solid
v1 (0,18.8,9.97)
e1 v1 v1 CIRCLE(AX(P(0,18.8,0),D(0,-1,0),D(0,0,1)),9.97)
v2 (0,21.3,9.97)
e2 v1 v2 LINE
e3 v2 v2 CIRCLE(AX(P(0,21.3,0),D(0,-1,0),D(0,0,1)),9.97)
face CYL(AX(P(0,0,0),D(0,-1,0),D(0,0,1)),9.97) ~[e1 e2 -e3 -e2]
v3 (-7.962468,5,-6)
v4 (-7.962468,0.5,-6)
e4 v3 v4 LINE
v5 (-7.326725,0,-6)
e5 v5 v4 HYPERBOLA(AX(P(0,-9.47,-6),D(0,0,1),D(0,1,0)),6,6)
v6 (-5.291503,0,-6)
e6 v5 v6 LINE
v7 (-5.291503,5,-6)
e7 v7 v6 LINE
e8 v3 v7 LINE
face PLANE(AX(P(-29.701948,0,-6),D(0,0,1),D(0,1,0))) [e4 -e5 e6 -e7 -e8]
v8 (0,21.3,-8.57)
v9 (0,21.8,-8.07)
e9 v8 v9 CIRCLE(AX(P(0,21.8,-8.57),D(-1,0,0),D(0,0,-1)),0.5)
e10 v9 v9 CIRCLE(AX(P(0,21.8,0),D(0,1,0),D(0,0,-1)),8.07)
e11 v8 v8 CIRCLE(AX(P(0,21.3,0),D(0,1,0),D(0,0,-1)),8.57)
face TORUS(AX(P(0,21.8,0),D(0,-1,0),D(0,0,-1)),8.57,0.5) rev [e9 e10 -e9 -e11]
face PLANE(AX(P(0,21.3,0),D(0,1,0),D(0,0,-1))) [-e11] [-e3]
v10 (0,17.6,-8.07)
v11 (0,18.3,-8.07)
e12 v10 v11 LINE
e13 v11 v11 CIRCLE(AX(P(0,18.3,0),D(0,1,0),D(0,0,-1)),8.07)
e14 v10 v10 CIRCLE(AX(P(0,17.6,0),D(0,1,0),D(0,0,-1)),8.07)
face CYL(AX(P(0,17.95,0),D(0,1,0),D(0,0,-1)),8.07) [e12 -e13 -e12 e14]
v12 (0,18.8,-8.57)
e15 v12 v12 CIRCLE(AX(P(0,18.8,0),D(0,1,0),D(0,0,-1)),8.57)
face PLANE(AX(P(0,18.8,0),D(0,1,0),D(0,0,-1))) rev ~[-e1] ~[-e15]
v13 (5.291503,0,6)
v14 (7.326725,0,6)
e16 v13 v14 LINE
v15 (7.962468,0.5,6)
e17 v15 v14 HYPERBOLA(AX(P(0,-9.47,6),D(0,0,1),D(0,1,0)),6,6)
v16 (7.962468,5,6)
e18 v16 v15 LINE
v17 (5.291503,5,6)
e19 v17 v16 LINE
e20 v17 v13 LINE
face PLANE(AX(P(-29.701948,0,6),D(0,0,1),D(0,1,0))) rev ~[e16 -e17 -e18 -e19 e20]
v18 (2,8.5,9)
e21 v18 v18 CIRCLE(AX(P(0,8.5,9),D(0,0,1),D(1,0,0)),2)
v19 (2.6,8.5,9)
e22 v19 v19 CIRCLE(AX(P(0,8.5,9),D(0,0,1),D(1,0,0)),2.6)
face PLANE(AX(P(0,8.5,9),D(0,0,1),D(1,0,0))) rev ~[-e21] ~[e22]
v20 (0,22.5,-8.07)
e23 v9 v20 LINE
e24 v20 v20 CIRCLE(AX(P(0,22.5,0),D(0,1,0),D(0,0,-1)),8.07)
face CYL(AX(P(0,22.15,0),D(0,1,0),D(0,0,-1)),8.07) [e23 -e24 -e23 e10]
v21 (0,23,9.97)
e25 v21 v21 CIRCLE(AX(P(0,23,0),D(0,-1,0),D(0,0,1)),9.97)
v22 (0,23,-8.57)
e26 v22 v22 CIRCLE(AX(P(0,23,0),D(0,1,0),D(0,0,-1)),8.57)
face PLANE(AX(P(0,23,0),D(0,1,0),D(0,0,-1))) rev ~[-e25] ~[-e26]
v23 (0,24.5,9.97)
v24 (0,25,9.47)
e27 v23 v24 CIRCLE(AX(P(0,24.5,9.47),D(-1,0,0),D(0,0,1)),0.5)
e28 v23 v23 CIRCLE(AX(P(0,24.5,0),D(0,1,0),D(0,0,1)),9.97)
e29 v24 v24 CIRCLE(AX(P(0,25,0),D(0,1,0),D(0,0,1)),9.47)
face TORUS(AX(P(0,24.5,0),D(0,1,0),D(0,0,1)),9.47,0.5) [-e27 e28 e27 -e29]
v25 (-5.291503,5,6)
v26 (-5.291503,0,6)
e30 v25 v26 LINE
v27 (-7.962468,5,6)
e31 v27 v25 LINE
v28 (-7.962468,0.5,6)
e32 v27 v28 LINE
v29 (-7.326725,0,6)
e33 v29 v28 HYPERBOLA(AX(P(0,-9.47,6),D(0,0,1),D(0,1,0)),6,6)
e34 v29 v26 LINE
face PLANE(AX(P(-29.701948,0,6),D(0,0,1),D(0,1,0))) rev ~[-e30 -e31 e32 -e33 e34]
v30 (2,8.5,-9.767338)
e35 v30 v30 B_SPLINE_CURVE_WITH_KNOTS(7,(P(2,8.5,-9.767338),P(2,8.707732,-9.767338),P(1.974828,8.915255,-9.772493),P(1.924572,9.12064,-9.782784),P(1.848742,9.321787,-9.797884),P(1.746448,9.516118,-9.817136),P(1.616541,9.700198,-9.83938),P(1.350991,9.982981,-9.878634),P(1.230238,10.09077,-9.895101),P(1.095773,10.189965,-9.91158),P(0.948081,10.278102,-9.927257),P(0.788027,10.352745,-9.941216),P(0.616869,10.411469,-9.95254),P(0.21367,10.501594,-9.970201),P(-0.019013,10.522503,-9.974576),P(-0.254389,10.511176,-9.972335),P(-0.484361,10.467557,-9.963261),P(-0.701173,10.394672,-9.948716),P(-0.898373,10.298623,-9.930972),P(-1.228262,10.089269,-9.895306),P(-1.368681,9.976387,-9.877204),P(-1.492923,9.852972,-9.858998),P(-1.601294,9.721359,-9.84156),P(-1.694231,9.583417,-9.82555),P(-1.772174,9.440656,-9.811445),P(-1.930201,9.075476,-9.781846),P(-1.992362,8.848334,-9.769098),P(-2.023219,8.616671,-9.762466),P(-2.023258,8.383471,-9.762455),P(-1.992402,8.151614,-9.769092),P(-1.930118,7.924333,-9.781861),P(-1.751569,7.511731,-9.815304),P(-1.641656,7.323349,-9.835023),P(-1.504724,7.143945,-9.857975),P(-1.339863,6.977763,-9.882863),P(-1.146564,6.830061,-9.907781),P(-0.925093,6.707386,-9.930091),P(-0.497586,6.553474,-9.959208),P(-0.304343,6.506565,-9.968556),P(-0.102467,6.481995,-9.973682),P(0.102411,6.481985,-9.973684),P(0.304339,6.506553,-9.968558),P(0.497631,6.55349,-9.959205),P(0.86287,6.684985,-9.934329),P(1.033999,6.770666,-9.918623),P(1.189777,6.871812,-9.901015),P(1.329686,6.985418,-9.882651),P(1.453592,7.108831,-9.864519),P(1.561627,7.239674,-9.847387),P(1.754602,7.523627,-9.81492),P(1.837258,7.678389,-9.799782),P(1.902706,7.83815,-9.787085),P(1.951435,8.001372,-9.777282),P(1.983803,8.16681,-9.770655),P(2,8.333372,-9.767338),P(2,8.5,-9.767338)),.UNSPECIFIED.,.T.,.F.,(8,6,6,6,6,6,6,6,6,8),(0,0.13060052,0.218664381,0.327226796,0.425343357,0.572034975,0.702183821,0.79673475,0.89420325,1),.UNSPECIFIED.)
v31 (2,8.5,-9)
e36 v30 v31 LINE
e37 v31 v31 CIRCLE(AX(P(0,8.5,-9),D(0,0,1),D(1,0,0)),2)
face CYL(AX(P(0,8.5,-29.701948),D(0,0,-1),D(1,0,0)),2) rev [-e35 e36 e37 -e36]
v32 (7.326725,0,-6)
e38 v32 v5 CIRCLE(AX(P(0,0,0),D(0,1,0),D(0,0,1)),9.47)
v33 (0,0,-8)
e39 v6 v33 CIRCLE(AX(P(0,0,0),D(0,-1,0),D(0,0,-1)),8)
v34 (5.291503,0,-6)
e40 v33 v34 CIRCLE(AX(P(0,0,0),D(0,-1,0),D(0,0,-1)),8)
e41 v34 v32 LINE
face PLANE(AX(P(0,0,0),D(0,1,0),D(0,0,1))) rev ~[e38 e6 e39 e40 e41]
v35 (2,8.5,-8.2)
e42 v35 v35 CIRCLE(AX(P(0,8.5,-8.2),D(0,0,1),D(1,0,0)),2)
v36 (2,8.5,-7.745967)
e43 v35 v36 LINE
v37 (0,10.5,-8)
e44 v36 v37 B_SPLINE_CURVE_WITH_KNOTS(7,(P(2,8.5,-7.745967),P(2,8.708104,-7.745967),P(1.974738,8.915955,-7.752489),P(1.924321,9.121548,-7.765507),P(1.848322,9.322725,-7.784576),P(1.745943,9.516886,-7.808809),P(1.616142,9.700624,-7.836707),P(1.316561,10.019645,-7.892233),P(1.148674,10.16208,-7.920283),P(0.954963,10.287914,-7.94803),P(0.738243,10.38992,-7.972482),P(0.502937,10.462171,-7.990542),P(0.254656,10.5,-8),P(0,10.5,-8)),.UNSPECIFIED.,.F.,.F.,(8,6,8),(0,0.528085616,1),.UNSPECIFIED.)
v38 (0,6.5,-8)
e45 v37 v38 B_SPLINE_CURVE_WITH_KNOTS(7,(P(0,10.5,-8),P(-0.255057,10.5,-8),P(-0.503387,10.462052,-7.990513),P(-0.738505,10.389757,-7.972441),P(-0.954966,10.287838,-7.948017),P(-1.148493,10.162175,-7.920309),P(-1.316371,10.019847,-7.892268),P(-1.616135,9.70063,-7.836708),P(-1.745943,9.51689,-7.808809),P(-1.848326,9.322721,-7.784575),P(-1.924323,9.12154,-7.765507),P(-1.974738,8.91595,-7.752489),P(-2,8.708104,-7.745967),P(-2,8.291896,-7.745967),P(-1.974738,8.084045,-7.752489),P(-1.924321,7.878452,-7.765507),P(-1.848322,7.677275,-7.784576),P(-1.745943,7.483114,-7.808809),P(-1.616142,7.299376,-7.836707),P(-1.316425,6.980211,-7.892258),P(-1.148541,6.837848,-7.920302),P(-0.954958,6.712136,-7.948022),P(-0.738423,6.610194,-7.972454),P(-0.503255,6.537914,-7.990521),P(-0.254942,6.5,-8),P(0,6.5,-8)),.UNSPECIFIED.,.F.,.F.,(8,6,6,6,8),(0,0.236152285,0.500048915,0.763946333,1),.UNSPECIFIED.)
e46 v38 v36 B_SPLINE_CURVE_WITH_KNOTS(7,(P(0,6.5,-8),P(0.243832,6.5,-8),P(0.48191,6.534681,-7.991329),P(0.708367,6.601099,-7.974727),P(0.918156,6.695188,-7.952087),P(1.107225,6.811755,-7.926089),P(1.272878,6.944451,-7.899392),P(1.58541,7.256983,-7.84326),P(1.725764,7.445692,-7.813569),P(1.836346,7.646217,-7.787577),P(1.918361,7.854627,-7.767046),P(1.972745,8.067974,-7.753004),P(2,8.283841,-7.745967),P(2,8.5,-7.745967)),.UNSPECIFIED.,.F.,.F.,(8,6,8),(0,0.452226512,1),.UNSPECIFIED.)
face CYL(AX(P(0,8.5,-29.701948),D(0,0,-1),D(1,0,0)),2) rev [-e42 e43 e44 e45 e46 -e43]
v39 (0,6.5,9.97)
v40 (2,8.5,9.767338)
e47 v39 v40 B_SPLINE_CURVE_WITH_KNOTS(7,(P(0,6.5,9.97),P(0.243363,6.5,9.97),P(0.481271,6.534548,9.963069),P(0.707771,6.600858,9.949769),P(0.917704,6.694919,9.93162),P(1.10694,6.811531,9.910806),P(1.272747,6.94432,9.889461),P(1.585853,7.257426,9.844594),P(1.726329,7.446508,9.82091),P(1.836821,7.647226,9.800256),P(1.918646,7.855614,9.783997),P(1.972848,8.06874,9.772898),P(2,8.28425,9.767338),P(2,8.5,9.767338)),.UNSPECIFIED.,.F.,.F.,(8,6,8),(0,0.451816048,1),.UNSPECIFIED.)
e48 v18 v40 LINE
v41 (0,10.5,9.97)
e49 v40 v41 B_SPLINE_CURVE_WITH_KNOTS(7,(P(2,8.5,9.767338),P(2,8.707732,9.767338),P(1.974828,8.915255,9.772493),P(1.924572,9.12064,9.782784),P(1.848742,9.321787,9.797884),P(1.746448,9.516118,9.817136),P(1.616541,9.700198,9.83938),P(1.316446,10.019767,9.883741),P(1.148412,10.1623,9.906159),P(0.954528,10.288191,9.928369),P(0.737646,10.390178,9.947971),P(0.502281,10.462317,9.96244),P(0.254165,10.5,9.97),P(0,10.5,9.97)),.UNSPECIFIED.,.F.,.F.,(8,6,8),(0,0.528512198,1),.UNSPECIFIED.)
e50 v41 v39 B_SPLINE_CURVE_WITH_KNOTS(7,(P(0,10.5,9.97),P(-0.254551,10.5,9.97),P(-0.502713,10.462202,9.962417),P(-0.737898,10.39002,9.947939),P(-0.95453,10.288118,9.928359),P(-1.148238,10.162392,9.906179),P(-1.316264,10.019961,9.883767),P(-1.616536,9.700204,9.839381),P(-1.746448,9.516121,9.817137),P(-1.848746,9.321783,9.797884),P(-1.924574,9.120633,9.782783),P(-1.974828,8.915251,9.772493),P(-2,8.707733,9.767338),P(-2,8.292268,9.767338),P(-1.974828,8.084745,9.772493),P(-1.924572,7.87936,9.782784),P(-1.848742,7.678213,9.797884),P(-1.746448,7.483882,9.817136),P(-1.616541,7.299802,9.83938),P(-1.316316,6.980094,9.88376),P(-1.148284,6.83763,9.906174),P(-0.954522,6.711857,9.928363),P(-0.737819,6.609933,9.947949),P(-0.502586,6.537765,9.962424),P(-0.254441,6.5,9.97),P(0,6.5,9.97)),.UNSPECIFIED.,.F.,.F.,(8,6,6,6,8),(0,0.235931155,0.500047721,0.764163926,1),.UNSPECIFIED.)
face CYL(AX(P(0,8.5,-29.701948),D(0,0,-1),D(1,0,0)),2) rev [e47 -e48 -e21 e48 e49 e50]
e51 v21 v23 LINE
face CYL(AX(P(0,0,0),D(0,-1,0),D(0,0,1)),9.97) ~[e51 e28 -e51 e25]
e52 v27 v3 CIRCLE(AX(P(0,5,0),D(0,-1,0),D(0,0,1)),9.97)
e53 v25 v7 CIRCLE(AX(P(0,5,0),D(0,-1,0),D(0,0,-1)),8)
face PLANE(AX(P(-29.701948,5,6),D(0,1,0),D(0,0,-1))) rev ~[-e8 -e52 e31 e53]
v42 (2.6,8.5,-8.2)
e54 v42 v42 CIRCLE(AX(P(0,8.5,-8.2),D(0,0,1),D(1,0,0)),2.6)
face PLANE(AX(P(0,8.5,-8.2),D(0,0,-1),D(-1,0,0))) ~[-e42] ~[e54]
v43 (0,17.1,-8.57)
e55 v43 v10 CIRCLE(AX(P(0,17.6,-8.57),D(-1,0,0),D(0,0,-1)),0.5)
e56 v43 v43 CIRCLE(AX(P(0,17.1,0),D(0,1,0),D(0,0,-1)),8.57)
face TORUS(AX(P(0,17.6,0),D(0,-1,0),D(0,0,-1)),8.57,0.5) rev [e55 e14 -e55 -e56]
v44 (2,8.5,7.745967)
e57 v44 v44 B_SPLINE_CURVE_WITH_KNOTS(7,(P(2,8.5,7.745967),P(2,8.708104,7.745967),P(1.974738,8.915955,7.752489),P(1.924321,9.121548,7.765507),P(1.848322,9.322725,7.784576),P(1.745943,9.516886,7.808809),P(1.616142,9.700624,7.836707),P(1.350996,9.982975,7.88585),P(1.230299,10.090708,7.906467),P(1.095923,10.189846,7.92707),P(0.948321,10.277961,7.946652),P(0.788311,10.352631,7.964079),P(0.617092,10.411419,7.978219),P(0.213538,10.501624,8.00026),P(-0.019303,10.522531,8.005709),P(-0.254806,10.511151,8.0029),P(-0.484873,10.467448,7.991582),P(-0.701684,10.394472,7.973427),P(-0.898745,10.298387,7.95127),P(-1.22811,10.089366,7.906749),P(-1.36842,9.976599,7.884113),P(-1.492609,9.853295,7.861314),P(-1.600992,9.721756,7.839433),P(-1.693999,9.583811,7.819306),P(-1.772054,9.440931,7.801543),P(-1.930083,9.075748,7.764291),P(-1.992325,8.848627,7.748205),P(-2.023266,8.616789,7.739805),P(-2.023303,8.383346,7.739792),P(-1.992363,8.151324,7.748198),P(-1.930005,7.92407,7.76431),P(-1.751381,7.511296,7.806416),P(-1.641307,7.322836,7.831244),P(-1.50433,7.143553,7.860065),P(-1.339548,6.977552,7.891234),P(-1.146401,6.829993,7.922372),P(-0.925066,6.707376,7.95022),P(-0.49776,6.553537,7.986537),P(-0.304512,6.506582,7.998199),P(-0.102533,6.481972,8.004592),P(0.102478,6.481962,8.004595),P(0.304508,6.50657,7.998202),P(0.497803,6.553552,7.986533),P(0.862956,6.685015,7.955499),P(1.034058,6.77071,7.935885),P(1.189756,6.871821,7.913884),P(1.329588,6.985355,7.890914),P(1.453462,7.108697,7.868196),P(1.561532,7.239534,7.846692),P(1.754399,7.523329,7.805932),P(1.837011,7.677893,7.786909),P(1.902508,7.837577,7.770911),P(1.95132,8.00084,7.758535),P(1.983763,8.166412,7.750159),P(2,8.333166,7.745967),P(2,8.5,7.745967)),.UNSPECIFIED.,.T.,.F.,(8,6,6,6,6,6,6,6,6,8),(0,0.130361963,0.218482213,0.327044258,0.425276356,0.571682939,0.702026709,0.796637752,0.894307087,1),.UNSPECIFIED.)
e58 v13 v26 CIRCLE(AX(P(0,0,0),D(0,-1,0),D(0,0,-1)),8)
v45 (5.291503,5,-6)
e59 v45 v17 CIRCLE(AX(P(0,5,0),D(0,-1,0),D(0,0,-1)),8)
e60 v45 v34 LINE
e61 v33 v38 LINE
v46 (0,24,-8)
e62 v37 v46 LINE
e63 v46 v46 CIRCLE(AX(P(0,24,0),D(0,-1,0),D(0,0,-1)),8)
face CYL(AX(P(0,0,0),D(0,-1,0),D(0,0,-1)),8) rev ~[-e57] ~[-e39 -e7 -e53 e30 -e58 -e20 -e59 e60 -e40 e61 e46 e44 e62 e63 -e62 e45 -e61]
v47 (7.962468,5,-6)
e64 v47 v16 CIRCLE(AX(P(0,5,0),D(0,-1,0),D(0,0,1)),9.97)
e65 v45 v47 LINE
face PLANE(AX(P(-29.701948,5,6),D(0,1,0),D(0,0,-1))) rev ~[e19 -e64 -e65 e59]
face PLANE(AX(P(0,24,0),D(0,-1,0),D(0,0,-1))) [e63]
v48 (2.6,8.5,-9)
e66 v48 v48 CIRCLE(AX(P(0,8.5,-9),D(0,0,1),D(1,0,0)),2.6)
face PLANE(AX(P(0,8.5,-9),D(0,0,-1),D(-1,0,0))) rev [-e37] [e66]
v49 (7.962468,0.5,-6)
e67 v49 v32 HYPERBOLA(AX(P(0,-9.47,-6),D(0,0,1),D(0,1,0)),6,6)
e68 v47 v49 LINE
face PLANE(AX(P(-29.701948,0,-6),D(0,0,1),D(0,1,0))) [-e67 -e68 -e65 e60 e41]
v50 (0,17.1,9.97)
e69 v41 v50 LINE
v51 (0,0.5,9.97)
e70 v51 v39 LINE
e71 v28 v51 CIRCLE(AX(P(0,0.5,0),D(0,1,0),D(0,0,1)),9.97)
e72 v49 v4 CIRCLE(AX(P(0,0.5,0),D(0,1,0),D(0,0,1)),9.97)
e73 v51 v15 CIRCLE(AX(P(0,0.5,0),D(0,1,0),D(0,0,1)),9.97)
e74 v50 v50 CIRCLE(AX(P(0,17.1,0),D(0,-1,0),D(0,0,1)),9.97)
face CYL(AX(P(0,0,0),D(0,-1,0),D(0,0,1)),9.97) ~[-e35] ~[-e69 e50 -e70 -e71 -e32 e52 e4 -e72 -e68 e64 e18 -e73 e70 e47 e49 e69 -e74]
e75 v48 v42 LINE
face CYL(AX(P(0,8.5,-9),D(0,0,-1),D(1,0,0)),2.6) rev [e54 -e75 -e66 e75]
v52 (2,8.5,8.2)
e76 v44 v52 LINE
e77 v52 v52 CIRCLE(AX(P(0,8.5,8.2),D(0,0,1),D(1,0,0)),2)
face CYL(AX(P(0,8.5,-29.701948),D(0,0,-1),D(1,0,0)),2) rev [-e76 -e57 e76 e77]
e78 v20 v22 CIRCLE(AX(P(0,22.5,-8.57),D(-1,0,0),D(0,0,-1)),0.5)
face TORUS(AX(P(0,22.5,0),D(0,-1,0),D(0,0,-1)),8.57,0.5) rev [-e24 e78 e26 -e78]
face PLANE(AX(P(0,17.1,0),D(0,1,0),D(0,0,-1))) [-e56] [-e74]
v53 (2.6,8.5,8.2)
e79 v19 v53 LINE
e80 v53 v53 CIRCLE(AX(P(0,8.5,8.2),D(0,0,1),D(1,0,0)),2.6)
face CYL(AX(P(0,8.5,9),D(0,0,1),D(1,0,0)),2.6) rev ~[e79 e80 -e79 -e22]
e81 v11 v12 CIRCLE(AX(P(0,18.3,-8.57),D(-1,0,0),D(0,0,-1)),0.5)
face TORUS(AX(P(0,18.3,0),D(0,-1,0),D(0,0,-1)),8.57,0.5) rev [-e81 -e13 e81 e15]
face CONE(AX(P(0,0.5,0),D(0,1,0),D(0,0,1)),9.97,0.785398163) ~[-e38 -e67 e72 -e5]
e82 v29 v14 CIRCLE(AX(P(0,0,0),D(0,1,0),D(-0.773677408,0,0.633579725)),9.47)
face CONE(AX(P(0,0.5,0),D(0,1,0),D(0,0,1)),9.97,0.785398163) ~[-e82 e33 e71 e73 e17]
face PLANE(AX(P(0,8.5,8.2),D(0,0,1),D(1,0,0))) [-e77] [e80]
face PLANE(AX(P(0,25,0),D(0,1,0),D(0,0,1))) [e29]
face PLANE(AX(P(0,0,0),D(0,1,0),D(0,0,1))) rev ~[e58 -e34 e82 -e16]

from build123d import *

# Parameters (mm, degrees)
SKETCH_1_R               = 9.97
EXTRUDE_1_DEPTH          = 25
FILLET_1_R               = 0.5
SKETCH_2_W               = 1.9
SKETCH_2_H               = 1.7
FILLET_2_R               = 0.5
CUT_EXTRUDE_1_DEPTH      = 29.701947669
CUT_EXTRUDE_1_DEPTH_BACK = 29.701947669
SKETCH_4_R               = 2
CUT_EXTRUDE_START        = 9
SKETCH_6_R               = 2.6
SKETCH_6_R_2             = 2
CUT_EXTRUDE_3_DEPTH      = 0.8
CHAMFER_1_SIZE           = 0.5
CUT_EXTRUDE_4_DEPTH      = 29.701947739
CUT_EXTRUDE_4_DEPTH_BACK = 29.701947739
SKETCH_7_W               = 12
SKETCH_7_H               = 5
CUT_EXTRUDE_START_2      = 5
SKETCH_8_R               = 8
CUT_EXTRUDE_5_DEPTH      = 24


with BuildPart() as part:
    # 草图1 → 凸台-拉伸1 (new body)
    with BuildSketch(Plane(origin=(0, 0, 0), x_dir=(1, 0, 0), z_dir=(0, 1, 0))):
        Circle(SKETCH_1_R)
    extrude(amount=EXTRUDE_1_DEPTH)

    # 圆角1
    fillet_1_edges = [part.edges().sort_by_distance(p)[0] for p in [
        (-9.97, 25, 0),
    ]]
    fillet(fillet_1_edges, radius=FILLET_1_R)

    # 草图2 → 切除-旋转1 (revolve, cut)
    with BuildSketch(Plane.XY):
        with Locations((-9.02, 22.15)):
            Rectangle(SKETCH_2_W, SKETCH_2_H)
        with Locations((-9.02, 17.95)):
            Rectangle(SKETCH_2_W, SKETCH_2_H)
    revolve(axis=Axis((0, 0, 0), (0, 1, 0)), mode=Mode.SUBTRACT)

    # 圆角2
    fillet_2_edges = [part.edges().sort_by_distance(p)[0] for p in [
        (8.07, 17.1, 0),
        (8.07, 18.8, 0),
        (8.07, 21.3, 0),
        (8.07, 23, 0),
    ]]
    fillet(fillet_2_edges, radius=FILLET_2_R)

    # 草图4 → 切除-拉伸1 (cut, two sides: drawn at the far end of the back side and taken through both)
    with BuildSketch(Plane.XY.offset(-CUT_EXTRUDE_1_DEPTH_BACK)):
        with Locations((0, 8.5)):
            Circle(SKETCH_4_R)
    extrude(amount=CUT_EXTRUDE_1_DEPTH + CUT_EXTRUDE_1_DEPTH_BACK, mode=Mode.SUBTRACT)

    # 草图6 → 切除-拉伸3 (cut)
    with BuildSketch(Plane.XY.offset(CUT_EXTRUDE_START)):
        with Locations((0, 8.5)):
            Circle(SKETCH_6_R)
        with Locations((0, 8.5)):
            Circle(SKETCH_6_R_2, mode=Mode.SUBTRACT)
    cut_extrude_3 = extrude(amount=-CUT_EXTRUDE_3_DEPTH, mode=Mode.SUBTRACT)

    # 镜向1: 切除-拉伸3 across plane
    add(cut_extrude_3.mirror(Plane.XY), mode=Mode.SUBTRACT)

    # 倒角1
    chamfer_1_edges = [part.edges().sort_by_distance(p)[0] for p in [
        (-9.97, 0, 0),
    ]]
    chamfer(chamfer_1_edges, length=CHAMFER_1_SIZE)

    # 草图7 → 切除-拉伸4 (cut, two sides: drawn at the far end of the back side and taken through both)
    with BuildSketch(Plane(origin=(0, 0, 0), x_dir=(0, 0, -1), z_dir=(1, 0, 0)).offset(-CUT_EXTRUDE_4_DEPTH_BACK)):
        with Locations((0, 2.5)):
            Rectangle(SKETCH_7_W, SKETCH_7_H)
    extrude(amount=CUT_EXTRUDE_4_DEPTH + CUT_EXTRUDE_4_DEPTH_BACK, mode=Mode.SUBTRACT)

    # 草图8 → 切除-拉伸5 (cut)
    with BuildSketch(Plane.XZ.offset(-5).offset(CUT_EXTRUDE_START_2)):
        Circle(SKETCH_8_R)
    extrude(amount=-CUT_EXTRUDE_5_DEPTH, mode=Mode.SUBTRACT)


solid = part.part
